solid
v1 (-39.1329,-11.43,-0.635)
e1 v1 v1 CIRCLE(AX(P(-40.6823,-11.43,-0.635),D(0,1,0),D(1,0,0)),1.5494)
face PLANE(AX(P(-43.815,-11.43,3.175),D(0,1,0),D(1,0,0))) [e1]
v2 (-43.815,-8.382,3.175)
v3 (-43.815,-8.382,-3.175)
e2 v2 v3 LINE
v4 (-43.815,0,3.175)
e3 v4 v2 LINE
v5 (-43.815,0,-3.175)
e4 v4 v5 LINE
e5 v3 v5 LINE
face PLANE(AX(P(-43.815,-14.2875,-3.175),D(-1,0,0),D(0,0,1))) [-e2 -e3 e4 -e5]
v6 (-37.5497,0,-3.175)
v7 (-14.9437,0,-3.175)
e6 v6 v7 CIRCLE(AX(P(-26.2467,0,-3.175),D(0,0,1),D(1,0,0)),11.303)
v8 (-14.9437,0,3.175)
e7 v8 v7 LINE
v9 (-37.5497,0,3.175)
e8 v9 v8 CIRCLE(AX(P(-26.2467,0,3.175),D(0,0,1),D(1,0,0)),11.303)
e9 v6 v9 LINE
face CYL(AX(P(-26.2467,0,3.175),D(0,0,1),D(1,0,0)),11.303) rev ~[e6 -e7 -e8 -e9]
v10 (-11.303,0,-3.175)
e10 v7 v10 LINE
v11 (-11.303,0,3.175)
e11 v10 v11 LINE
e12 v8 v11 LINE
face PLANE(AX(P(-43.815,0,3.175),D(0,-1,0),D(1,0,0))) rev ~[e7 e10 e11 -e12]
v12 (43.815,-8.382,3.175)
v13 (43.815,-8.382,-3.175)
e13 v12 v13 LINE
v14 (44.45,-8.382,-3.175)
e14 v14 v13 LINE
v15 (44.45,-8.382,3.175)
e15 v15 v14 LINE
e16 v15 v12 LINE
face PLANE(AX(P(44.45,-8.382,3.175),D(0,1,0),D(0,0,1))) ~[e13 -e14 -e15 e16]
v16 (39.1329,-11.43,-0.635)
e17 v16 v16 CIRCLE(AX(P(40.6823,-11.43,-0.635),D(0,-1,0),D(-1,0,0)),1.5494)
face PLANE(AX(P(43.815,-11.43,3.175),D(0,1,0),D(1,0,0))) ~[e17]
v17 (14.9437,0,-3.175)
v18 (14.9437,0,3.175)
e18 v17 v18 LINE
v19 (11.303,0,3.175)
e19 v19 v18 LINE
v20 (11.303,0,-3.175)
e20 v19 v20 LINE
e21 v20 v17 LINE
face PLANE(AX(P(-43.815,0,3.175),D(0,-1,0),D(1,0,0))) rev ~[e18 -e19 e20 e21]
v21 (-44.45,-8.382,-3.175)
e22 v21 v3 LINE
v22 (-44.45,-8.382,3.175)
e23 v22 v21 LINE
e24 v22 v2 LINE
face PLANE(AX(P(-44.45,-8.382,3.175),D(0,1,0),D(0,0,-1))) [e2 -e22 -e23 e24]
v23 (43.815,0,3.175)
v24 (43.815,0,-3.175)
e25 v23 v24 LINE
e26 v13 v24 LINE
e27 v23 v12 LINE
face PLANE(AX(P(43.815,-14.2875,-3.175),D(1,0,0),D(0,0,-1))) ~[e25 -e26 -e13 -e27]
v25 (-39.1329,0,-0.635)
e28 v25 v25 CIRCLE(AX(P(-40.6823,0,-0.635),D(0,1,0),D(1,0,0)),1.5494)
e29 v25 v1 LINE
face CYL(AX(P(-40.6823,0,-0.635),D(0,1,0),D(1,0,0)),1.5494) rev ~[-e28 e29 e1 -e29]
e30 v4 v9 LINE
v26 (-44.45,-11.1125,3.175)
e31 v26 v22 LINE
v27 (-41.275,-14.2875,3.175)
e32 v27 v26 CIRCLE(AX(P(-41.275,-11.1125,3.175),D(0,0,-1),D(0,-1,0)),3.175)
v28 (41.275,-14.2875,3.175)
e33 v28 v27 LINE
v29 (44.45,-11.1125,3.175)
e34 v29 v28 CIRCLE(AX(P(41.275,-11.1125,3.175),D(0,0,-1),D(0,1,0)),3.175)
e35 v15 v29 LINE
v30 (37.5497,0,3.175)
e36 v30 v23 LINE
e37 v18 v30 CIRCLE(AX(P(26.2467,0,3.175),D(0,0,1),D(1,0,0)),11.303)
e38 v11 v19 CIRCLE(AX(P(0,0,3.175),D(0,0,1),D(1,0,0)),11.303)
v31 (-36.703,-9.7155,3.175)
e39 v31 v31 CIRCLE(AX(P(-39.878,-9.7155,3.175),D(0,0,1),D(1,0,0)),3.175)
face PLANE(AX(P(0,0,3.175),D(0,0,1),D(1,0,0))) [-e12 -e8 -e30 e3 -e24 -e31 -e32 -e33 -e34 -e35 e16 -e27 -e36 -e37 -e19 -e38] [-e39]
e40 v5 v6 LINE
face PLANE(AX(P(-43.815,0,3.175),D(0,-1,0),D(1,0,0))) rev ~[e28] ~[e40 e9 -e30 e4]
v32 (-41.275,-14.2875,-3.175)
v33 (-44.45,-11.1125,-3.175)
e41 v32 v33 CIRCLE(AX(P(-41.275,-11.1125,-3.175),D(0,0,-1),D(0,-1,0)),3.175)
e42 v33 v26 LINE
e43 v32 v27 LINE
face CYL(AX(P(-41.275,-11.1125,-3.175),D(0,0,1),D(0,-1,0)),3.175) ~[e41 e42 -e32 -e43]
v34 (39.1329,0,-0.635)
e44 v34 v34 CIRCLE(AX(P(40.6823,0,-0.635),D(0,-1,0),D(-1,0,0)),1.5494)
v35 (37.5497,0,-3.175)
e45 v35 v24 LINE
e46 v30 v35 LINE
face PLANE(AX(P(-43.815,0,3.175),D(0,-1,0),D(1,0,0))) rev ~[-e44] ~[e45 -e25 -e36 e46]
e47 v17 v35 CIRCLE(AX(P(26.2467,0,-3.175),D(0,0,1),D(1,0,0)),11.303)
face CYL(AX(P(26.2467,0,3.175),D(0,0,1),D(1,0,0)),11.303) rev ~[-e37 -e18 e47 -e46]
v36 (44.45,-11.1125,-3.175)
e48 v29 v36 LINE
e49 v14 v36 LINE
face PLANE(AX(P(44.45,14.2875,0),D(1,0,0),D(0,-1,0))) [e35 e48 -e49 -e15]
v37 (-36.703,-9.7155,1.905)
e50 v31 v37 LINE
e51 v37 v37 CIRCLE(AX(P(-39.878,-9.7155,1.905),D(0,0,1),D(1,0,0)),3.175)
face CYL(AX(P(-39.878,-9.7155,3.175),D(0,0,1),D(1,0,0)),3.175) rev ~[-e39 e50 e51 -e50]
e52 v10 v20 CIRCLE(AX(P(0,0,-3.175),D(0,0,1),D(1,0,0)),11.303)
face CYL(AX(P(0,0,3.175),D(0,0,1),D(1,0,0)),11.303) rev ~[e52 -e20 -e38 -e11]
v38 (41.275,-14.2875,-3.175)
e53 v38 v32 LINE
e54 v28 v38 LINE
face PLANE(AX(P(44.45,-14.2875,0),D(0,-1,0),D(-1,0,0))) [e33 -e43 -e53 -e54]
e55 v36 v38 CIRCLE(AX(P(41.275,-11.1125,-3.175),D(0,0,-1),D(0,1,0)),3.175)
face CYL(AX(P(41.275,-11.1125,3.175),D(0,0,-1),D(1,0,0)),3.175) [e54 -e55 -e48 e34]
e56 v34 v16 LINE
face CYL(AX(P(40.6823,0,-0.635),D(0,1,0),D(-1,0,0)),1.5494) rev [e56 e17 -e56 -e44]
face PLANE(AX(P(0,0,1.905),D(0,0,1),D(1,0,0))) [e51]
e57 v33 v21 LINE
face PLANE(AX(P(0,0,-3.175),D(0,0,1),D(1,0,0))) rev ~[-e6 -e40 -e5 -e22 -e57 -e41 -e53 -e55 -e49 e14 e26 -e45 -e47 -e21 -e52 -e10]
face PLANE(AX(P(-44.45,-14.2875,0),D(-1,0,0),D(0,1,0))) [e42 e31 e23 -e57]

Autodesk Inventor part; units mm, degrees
ref_plane "YZ Plane" through (0, 0, 0) normal (1, 0, 0) x (0, 1, 0)
ref_plane "XZ Plane" through (0, 0, 0) normal (0, 1, 0) x (-1, 0, 0)
ref_plane "XY Plane" through (0, 0, 0) normal (0, 0, 1) x (1, 0, 0)
sketch "Sketch1" plane through (0, 0, 0) normal (0, 0, 1) x (1, 0, 0)
  line L0 (-44.45, 14.2875) -> (44.45, 14.2875)
  line L1 (44.45, 14.2875) -> (44.45, -14.2875)
  line L2 (44.45, -14.2875) -> (-44.45, -14.2875)
  line L3 (-44.45, -14.2875) -> (-44.45, 14.2875)
  point P0 (0, 0)
  dimension "d0" = 88.9
  dimension "d1" = 44.45
  dimension "d2" = 14.2875
  dimension "d3" = 28.575
extrude "Extrusion1" add sketch "Sketch1" along normal mid plane 6.35
sketch "Sketch2" plane through (0, 0, 3.175) normal (0, 0, 1) x (1, 0, 0)
  circle A0 centre (-26.2467, 0) radius 11.303
  circle A1 centre (0, 0) radius 11.303
  line L0 (44.45, -14.2875) -> (44.45, 14.2875) projected
  circle A2 centre (26.2467, 0) radius 11.303
  line L1 (-44.45, 14.2875) -> (-44.45, -14.2875) projected
  line L2 (-44.45, 0) -> (44.45, 0) construction
  line L3 (44.45, 14.2875) -> (-44.45, 14.2875) projected
  point P0 (0, 0)
  dimension "d6" = 22.606
  dimension "d9" = 22.606
  dimension "d11" = 22.606
  dimension "d14" = 26.2467
  dimension "d21" = 88.9
  dimension "d22" = 26.2467
  dimension "d50" = 0
sketch "Sketch4" plane through (-44.45, -14.2875, -3.175) normal (-1, 0, 0) x (0, 0, 1)
  line L0 (0, 0) -> (0, 28.575) projected
  line L1 (6.35, 28.575) -> (6.35, 0) projected
  line L2 (0, 22.6695) -> (6.35, 22.6695)
  line L3 (6.35, 22.6695) -> (6.35, 5.9055)
  line L4 (6.35, 5.9055) -> (0, 5.9055)
  line L5 (0, 5.9055) -> (0, 22.6695)
  point P0 (3.175, 14.2875)
  dimension "d30" = 8.382
  dimension "d31" = 16.764
extrude "Extrusion3" cut sketch "Sketch4" against normal blind 0.635
mirror "Mirror1" about plane through (0, 0, 0) normal (1, 0, 0) of "Extrusion3"
sketch "Sketch5" plane through (0, 0, 3.175) normal (0, 0, 1) x (1, 0, 0)
  circle A0 centre (0, 9.7155) radius 3.175 construction
  line L0 (44.45, 14.2875) -> (-44.45, 14.2875) projected
  line L1 (-15.0924, 20.454) -> (43.815, 0) construction
  line L2 (43.815, 8.382) -> (43.815, -8.382) projected
  circle A1 centre (3.4073, 19.5285) radius 3.175 construction
  circle A2 centre (39.243, 1.5875) radius 3.175 construction
  circle A3 centre (-39.243, 28.8396) radius 3.175 construction
  line L3 (-43.815, 8.382) -> (-43.815, -8.382) projected
  circle A4 centre (39.878, 9.7155) radius 3.175
  circle A5 centre (-39.878, -9.7155) radius 3.175
  line L4 (44.45, 8.382) -> (44.45, 14.2875) projected
  line L5 (-44.45, -14.2875) -> (44.45, -14.2875) projected
  line L6 (-44.45, -14.2875) -> (-44.45, -8.382) projected
  point P0 (0, 0)
  dimension "d34" = 6.35
  dimension "d35" = 4.572
  dimension "d53" = 6.35
  dimension "d54" = 6.35
  dimension "d55" = 4.572
  dimension "d56" = 4.572
  dimension "d57" = 12.7
  dimension "d58" = 6.35
  dimension "d59" = 6.35
  dimension "d60" = 4.572
  dimension "d61" = 4.572
  dimension "d62" = 4.572
  dimension "d63" = 4.572
extrude "Extrusion4" cut sketch "Sketch5" against normal blind 1.27
sketch "Sketch7" plane through (-44.45, -14.2875, 3.175) normal (0, -1, 0) x (1, 0, 0)
  line L0 (30.48, -14.605) -> (58.42, -14.605)
  line L1 (58.42, -14.605) -> (58.42, 8.255)
  line L2 (58.42, 8.255) -> (30.48, 8.255)
  line L3 (30.48, 8.255) -> (30.48, -14.605)
  point P0 (44.45, -3.175)
  dimension "d39" = 27.94
  dimension "d40" = 22.86
  dimension "d41" = 11.43
  dimension "d42" = 13.97
extrude "Extrusion5" [suppressed]
sketch "Sketch8" plane through (0, 0, -3.175) normal (0, 0, -1) x (-1, 0, 0)
  line L0 (-44.45, 14.2875) -> (44.45, 14.2875) projected
  line L1 (15.6718, 14.2875) -> (-15.6718, 14.2875)
  line L2 (-15.6718, 14.2875) -> (-15.6718, 52.3875)
  line L3 (-15.6718, 52.3875) -> (15.6718, 52.3875)
  line L4 (15.6718, 52.3875) -> (15.6718, 14.2875)
  point P0 (0, 0)
  dimension "d45" = 31.3436
  dimension "d46" = 38.1
  dimension "d47" = 15.6718
extrude "Extrusion6" add sketch "Sketch8" against normal up to surface (6.35 mm away)
extrude "Extrusion7" cut sketch "Sketch2" against normal blind 25.4
sketch "Sketch9" plane through (-15.6718, 52.3875, -3.175) normal (0, 1, 0) x (1, 0, 0)
  line L0 (-28.7782, -6.35) -> (60.1218, -6.35) projected
  line L1 (3.1718, -6.35) -> (28.1718, -6.35)
  line L2 (28.1718, -6.35) -> (28.1718, -3.175)
  line L3 (28.1718, -3.175) -> (3.1718, -3.175)
  line L4 (3.1718, -3.175) -> (3.1718, -6.35)
  point P0 (15.6718, -3.175)
  dimension "d64" = 3.175
  dimension "d65" = 25
  dimension "d66" = 12.5
extrude "Extrusion8" cut sketch "Sketch9" against normal blind 0.9
sketch "Sketch13" plane through (0, 0, 3.175) normal (0, 0, 1) x (1, 0, 0)
  line L0 (-15.6718, 52.3875) -> (-12.5, 52.3875) projected
  line L1 (-12.5, 52.3875) -> (12.5, 52.3875) projected
  line L2 (12.5, 52.3875) -> (15.6718, 52.3875) projected
  line L3 (15.6718, 52.3875) -> (15.6718, 14.2875) projected
  line L4 (-15.6718, 14.2875) -> (-15.6718, 52.3875) projected
  line L5 (-15.6718, 14.2875) -> (-44.45, 14.2875) projected
  line L6 (44.45, 14.2875) -> (15.6718, 14.2875) projected
  line L7 (44.45, 8.382) -> (44.45, 14.2875) projected
  line L8 (-44.45, 14.2875) -> (-44.45, 8.382) projected
  line L9 (-44.45, 8.382) -> (-43.815, 8.382) projected
  line L10 (43.815, 8.382) -> (44.45, 8.382) projected
  line L11 (-43.815, 8.382) -> (-43.815, 0)
  line L12 (-43.815, 8.382) -> (-43.815, -8.382) projected
  line L13 (-43.815, 0) -> (43.815, 0)
  line L14 (43.815, 8.382) -> (43.815, -8.382) projected
  line L15 (43.815, 0) -> (43.815, 8.382)
  point P0 (0, 0)
extrude "Extrusion11" cut sketch "Sketch13" against normal through all
sketch "Sketch14" plane through (-43.815, 0, 3.175) normal (0, 1, 0) x (1, 0, 0)
  line L0 (7.112, 0) -> (0.762, 0) projected
  line L1 (7.112, 1.27) -> (0.762, 1.27) projected
  line L2 (6.2653, 6.35) -> (6.2653, 0) projected
  line L3 (0, 6.35) -> (6.2653, 6.35) projected
  line L4 (0, 0) -> (0, 6.35) projected
  line L5 (6.2653, 0) -> (0, 0) projected
  circle A0 centre (3.1327, 3.81) radius 1.5494
  point P0 (43.815, 3.175)
  dimension "d84" = 3.0988
  dimension "d85" = 6.2653
  dimension "d86" = 5.08
  dimension "d87" = 2.54
  dimension "d88" = 3.1327
extrude "Extrusion12" cut sketch "Sketch14" against normal blind 11.43 contours A0
mirror "Mirror3" about plane through (0, 0, 0) normal (1, 0, 0) of "Extrusion12"
thread "Thread3" size "5-40 UNC" class "2B" standard "ANSI Unified Screw Threads" full length
thread "Thread4" size "5-40 UNC" class "2B" standard "ANSI Unified Screw Threads" full length
fillet "Fillet1" radius 3.175 2 edges at (44.45, -14.2875, 0) (-44.45, -14.2875, 0)
equation "\"d1\" = 0.5 * d0"
equation "\"d2\" = 0.5 * d3"
equation "\"d9\" = d7"
equation "\"d11\" = d9"
equation "\"d22\" = d14"
equation "\"d30\" = 0.5 * d31"
equation "\"d41\" = 0.5 * d40"
equation "\"d42\" = 0.5 * d39"
equation "\"d47\" = 0.5 * d45"
equation "\"d66\" = 0.5 * d65"
equation "\"d87\" = 0.5 * d86"
equation "\"d88\" = 0.5 * d85"
equation "\"d7\" = d6"
properties part number "Tube Holder Halve 3" material "Aluminum 6061-AHC"
